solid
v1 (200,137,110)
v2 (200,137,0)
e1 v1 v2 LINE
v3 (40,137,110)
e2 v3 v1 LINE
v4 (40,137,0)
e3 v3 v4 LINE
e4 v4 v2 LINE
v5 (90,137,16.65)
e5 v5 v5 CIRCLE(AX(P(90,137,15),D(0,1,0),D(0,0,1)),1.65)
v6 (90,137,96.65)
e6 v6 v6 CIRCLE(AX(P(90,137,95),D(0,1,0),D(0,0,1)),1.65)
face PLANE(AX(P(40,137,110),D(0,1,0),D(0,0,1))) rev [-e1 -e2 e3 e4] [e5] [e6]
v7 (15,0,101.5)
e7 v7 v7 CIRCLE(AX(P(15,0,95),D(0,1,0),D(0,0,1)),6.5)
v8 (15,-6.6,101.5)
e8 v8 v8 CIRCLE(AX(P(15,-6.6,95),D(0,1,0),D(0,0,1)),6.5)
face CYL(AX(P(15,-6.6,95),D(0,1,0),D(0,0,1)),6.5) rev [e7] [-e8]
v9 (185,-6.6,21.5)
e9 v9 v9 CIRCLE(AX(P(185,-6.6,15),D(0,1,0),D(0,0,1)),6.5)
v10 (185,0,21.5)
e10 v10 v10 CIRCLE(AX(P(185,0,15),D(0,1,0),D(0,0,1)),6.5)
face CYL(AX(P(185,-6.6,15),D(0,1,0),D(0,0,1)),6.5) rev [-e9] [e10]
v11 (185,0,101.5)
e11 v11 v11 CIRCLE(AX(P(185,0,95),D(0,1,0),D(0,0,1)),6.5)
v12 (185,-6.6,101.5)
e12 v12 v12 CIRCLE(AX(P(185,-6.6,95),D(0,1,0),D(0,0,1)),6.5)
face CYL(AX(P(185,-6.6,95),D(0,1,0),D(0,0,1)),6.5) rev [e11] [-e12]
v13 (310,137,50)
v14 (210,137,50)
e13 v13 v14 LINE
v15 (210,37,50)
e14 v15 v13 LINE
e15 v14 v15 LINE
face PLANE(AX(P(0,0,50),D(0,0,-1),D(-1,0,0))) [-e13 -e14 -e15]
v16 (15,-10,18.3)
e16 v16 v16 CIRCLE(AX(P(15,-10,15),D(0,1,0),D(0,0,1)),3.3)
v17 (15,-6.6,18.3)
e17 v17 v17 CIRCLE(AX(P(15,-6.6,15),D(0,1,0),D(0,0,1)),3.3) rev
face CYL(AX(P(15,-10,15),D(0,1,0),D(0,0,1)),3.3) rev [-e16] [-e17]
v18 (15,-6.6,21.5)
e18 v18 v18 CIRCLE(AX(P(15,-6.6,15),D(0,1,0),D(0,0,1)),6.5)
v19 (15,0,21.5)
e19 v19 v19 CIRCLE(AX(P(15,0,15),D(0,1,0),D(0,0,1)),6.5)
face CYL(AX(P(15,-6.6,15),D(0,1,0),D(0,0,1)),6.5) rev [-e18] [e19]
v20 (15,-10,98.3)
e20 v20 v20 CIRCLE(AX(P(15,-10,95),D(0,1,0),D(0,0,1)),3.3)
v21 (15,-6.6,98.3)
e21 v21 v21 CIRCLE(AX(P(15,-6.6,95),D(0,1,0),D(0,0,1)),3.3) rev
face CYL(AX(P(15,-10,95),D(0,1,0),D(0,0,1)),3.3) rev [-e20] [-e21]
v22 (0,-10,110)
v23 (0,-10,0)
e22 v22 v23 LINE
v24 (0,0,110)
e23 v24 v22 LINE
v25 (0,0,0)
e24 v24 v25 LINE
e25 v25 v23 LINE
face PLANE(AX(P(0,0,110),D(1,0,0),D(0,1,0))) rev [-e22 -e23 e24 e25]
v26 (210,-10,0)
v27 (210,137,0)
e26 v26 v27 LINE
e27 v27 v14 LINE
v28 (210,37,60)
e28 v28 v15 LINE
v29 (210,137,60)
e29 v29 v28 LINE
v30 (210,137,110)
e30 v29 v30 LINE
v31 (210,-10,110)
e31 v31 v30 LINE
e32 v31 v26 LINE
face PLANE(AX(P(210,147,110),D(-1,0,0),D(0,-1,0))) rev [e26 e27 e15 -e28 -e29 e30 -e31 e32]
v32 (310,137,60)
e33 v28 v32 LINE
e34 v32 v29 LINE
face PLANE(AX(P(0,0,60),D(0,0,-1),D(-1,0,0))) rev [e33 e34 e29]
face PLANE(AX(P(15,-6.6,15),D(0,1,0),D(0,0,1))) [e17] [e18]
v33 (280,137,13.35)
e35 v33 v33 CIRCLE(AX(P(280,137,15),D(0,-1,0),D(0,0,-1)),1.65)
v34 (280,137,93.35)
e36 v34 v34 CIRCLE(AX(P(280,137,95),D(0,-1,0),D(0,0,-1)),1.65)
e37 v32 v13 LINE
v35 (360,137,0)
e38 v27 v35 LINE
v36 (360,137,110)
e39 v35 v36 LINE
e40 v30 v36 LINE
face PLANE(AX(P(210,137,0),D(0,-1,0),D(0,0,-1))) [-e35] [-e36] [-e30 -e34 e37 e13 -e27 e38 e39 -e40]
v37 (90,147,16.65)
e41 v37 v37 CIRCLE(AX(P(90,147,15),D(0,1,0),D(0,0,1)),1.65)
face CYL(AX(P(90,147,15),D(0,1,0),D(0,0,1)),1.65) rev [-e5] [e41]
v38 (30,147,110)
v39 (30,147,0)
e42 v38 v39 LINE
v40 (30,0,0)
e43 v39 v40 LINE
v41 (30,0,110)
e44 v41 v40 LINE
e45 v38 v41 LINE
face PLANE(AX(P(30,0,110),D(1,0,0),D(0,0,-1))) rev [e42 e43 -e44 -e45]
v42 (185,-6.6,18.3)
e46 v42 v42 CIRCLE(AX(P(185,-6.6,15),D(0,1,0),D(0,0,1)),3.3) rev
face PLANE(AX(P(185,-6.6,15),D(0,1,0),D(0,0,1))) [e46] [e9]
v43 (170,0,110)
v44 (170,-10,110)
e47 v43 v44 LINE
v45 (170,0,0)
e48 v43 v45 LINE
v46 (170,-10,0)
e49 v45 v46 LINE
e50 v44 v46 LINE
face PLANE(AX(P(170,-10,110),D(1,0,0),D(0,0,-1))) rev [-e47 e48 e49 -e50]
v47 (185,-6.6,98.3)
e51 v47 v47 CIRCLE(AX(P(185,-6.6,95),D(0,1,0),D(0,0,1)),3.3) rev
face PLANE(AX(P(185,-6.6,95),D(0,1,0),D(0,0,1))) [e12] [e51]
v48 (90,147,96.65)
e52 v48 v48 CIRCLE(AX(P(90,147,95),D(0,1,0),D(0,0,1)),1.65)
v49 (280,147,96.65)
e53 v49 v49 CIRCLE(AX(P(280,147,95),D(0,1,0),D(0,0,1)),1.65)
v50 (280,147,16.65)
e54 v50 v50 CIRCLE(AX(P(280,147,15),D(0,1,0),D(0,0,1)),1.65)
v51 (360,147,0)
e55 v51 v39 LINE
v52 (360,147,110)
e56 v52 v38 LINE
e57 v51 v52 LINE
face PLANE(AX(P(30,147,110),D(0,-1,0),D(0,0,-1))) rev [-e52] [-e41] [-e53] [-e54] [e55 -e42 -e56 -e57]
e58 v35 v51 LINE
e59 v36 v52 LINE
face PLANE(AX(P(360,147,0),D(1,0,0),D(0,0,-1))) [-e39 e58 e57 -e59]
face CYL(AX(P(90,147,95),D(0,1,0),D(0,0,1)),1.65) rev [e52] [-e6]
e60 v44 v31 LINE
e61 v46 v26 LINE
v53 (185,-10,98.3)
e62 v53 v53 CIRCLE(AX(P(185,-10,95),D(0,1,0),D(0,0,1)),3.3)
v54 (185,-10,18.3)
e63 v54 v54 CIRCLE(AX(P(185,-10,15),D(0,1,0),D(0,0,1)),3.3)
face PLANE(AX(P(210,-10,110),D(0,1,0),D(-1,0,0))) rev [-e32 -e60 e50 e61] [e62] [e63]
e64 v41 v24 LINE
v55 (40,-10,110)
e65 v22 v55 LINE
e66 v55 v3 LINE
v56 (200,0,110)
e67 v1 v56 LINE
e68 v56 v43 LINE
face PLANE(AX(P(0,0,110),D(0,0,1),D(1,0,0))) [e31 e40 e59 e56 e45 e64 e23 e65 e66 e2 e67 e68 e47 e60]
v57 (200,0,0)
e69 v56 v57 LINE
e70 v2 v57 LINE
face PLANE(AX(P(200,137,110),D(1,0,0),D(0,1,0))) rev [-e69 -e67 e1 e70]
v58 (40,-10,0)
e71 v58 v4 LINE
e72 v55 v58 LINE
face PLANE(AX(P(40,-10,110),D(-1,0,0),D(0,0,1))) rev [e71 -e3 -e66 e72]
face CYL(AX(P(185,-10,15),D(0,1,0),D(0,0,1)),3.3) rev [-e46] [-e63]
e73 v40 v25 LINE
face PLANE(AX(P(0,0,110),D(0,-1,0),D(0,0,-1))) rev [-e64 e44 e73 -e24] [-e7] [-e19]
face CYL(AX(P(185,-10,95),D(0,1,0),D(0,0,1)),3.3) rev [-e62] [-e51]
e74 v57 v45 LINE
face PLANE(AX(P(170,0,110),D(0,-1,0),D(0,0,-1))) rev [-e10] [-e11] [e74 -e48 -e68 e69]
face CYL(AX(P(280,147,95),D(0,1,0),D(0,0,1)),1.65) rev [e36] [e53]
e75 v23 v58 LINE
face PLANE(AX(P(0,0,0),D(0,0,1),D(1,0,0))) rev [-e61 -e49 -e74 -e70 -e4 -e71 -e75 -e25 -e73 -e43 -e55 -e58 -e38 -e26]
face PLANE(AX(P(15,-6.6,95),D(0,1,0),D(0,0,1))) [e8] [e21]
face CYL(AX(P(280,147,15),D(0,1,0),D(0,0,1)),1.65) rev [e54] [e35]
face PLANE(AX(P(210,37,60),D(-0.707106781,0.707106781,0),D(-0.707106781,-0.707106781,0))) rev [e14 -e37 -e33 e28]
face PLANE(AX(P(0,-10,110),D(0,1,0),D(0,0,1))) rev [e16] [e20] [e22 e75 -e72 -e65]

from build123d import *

# Parameters (mm, degrees)
BOSS_EXTRUDE1_DEPTH = 110
SKETCH2_R           = 3.3
CUT_EXTRUDE1_DEPTH  = 11
SKETCH3_R           = 6.5
CUT_EXTRUDE2_DEPTH  = 6.6
SKETCH5_W           = 150
SKETCH5_H           = 10
BOSS_EXTRUDE2_DEPTH = 110
BOSS_EXTRUDE3_DEPTH = 5
M4_TAPPED_HOLE1_D   = 3.3


with BuildPart() as part:
    # Sketch1 → Boss-Extrude1 (new body)
    with BuildSketch(Plane.XY):
        Polygon((0, 0), (30, 0), (30, 147), (210, 147), (210, -10), (170, -10), (170, 0), (200, 0), (200, 137), (40, 137), (40, -10), (0, -10), align=None)
    extrude(amount=BOSS_EXTRUDE1_DEPTH)

    # Sketch2 → Cut-Extrude1 (cut, through all)
    with BuildSketch(Plane(origin=(0, 0, 0), x_dir=(1, 0, 0), z_dir=(0, 1, 0))):
        with Locations((15, -15)):
            Circle(SKETCH2_R)
        with Locations((15, -95)):
            Circle(SKETCH2_R)
        with Locations((185, -95)):
            Circle(SKETCH2_R)
        with Locations((185, -15)):
            Circle(SKETCH2_R)
    extrude(amount=-CUT_EXTRUDE1_DEPTH, mode=Mode.SUBTRACT)

    # Sketch3 → Cut-Extrude2 (cut)
    with BuildSketch(Plane(origin=(0, 0, 0), x_dir=(1, 0, 0), z_dir=(0, 1, 0))):
        with Locations((15, -15)):
            Circle(SKETCH3_R)
        with Locations((15, -95)):
            Circle(SKETCH3_R)
        with Locations((185, -95)):
            Circle(SKETCH3_R)
        with Locations((185, -15)):
            Circle(SKETCH3_R)
    extrude(amount=-CUT_EXTRUDE2_DEPTH, mode=Mode.SUBTRACT)

    # Sketch5 → Boss-Extrude2 (add)
    with BuildSketch(Plane.XY.offset(110)):
        with Locations((285, 142)):
            Rectangle(SKETCH5_W, SKETCH5_H)
    extrude(amount=-BOSS_EXTRUDE2_DEPTH)

    # Sketch6 → Boss-Extrude3 (add, symmetric)
    with BuildSketch(Plane.XY.offset(55)):
        Polygon((210, 37), (310, 137), (210, 137), align=None)
    extrude(amount=BOSS_EXTRUDE3_DEPTH, both=True)

    # M4 Tapped Hole1 (through all)
    with Locations(Plane(origin=(0, 147, 0), x_dir=(1, 0, 0), z_dir=(0, 1, 0))):
        with Locations((90, -15), (280, -15), (280, -95), (90, -95)):
            Hole(M4_TAPPED_HOLE1_D / 2)


solid = part.part
